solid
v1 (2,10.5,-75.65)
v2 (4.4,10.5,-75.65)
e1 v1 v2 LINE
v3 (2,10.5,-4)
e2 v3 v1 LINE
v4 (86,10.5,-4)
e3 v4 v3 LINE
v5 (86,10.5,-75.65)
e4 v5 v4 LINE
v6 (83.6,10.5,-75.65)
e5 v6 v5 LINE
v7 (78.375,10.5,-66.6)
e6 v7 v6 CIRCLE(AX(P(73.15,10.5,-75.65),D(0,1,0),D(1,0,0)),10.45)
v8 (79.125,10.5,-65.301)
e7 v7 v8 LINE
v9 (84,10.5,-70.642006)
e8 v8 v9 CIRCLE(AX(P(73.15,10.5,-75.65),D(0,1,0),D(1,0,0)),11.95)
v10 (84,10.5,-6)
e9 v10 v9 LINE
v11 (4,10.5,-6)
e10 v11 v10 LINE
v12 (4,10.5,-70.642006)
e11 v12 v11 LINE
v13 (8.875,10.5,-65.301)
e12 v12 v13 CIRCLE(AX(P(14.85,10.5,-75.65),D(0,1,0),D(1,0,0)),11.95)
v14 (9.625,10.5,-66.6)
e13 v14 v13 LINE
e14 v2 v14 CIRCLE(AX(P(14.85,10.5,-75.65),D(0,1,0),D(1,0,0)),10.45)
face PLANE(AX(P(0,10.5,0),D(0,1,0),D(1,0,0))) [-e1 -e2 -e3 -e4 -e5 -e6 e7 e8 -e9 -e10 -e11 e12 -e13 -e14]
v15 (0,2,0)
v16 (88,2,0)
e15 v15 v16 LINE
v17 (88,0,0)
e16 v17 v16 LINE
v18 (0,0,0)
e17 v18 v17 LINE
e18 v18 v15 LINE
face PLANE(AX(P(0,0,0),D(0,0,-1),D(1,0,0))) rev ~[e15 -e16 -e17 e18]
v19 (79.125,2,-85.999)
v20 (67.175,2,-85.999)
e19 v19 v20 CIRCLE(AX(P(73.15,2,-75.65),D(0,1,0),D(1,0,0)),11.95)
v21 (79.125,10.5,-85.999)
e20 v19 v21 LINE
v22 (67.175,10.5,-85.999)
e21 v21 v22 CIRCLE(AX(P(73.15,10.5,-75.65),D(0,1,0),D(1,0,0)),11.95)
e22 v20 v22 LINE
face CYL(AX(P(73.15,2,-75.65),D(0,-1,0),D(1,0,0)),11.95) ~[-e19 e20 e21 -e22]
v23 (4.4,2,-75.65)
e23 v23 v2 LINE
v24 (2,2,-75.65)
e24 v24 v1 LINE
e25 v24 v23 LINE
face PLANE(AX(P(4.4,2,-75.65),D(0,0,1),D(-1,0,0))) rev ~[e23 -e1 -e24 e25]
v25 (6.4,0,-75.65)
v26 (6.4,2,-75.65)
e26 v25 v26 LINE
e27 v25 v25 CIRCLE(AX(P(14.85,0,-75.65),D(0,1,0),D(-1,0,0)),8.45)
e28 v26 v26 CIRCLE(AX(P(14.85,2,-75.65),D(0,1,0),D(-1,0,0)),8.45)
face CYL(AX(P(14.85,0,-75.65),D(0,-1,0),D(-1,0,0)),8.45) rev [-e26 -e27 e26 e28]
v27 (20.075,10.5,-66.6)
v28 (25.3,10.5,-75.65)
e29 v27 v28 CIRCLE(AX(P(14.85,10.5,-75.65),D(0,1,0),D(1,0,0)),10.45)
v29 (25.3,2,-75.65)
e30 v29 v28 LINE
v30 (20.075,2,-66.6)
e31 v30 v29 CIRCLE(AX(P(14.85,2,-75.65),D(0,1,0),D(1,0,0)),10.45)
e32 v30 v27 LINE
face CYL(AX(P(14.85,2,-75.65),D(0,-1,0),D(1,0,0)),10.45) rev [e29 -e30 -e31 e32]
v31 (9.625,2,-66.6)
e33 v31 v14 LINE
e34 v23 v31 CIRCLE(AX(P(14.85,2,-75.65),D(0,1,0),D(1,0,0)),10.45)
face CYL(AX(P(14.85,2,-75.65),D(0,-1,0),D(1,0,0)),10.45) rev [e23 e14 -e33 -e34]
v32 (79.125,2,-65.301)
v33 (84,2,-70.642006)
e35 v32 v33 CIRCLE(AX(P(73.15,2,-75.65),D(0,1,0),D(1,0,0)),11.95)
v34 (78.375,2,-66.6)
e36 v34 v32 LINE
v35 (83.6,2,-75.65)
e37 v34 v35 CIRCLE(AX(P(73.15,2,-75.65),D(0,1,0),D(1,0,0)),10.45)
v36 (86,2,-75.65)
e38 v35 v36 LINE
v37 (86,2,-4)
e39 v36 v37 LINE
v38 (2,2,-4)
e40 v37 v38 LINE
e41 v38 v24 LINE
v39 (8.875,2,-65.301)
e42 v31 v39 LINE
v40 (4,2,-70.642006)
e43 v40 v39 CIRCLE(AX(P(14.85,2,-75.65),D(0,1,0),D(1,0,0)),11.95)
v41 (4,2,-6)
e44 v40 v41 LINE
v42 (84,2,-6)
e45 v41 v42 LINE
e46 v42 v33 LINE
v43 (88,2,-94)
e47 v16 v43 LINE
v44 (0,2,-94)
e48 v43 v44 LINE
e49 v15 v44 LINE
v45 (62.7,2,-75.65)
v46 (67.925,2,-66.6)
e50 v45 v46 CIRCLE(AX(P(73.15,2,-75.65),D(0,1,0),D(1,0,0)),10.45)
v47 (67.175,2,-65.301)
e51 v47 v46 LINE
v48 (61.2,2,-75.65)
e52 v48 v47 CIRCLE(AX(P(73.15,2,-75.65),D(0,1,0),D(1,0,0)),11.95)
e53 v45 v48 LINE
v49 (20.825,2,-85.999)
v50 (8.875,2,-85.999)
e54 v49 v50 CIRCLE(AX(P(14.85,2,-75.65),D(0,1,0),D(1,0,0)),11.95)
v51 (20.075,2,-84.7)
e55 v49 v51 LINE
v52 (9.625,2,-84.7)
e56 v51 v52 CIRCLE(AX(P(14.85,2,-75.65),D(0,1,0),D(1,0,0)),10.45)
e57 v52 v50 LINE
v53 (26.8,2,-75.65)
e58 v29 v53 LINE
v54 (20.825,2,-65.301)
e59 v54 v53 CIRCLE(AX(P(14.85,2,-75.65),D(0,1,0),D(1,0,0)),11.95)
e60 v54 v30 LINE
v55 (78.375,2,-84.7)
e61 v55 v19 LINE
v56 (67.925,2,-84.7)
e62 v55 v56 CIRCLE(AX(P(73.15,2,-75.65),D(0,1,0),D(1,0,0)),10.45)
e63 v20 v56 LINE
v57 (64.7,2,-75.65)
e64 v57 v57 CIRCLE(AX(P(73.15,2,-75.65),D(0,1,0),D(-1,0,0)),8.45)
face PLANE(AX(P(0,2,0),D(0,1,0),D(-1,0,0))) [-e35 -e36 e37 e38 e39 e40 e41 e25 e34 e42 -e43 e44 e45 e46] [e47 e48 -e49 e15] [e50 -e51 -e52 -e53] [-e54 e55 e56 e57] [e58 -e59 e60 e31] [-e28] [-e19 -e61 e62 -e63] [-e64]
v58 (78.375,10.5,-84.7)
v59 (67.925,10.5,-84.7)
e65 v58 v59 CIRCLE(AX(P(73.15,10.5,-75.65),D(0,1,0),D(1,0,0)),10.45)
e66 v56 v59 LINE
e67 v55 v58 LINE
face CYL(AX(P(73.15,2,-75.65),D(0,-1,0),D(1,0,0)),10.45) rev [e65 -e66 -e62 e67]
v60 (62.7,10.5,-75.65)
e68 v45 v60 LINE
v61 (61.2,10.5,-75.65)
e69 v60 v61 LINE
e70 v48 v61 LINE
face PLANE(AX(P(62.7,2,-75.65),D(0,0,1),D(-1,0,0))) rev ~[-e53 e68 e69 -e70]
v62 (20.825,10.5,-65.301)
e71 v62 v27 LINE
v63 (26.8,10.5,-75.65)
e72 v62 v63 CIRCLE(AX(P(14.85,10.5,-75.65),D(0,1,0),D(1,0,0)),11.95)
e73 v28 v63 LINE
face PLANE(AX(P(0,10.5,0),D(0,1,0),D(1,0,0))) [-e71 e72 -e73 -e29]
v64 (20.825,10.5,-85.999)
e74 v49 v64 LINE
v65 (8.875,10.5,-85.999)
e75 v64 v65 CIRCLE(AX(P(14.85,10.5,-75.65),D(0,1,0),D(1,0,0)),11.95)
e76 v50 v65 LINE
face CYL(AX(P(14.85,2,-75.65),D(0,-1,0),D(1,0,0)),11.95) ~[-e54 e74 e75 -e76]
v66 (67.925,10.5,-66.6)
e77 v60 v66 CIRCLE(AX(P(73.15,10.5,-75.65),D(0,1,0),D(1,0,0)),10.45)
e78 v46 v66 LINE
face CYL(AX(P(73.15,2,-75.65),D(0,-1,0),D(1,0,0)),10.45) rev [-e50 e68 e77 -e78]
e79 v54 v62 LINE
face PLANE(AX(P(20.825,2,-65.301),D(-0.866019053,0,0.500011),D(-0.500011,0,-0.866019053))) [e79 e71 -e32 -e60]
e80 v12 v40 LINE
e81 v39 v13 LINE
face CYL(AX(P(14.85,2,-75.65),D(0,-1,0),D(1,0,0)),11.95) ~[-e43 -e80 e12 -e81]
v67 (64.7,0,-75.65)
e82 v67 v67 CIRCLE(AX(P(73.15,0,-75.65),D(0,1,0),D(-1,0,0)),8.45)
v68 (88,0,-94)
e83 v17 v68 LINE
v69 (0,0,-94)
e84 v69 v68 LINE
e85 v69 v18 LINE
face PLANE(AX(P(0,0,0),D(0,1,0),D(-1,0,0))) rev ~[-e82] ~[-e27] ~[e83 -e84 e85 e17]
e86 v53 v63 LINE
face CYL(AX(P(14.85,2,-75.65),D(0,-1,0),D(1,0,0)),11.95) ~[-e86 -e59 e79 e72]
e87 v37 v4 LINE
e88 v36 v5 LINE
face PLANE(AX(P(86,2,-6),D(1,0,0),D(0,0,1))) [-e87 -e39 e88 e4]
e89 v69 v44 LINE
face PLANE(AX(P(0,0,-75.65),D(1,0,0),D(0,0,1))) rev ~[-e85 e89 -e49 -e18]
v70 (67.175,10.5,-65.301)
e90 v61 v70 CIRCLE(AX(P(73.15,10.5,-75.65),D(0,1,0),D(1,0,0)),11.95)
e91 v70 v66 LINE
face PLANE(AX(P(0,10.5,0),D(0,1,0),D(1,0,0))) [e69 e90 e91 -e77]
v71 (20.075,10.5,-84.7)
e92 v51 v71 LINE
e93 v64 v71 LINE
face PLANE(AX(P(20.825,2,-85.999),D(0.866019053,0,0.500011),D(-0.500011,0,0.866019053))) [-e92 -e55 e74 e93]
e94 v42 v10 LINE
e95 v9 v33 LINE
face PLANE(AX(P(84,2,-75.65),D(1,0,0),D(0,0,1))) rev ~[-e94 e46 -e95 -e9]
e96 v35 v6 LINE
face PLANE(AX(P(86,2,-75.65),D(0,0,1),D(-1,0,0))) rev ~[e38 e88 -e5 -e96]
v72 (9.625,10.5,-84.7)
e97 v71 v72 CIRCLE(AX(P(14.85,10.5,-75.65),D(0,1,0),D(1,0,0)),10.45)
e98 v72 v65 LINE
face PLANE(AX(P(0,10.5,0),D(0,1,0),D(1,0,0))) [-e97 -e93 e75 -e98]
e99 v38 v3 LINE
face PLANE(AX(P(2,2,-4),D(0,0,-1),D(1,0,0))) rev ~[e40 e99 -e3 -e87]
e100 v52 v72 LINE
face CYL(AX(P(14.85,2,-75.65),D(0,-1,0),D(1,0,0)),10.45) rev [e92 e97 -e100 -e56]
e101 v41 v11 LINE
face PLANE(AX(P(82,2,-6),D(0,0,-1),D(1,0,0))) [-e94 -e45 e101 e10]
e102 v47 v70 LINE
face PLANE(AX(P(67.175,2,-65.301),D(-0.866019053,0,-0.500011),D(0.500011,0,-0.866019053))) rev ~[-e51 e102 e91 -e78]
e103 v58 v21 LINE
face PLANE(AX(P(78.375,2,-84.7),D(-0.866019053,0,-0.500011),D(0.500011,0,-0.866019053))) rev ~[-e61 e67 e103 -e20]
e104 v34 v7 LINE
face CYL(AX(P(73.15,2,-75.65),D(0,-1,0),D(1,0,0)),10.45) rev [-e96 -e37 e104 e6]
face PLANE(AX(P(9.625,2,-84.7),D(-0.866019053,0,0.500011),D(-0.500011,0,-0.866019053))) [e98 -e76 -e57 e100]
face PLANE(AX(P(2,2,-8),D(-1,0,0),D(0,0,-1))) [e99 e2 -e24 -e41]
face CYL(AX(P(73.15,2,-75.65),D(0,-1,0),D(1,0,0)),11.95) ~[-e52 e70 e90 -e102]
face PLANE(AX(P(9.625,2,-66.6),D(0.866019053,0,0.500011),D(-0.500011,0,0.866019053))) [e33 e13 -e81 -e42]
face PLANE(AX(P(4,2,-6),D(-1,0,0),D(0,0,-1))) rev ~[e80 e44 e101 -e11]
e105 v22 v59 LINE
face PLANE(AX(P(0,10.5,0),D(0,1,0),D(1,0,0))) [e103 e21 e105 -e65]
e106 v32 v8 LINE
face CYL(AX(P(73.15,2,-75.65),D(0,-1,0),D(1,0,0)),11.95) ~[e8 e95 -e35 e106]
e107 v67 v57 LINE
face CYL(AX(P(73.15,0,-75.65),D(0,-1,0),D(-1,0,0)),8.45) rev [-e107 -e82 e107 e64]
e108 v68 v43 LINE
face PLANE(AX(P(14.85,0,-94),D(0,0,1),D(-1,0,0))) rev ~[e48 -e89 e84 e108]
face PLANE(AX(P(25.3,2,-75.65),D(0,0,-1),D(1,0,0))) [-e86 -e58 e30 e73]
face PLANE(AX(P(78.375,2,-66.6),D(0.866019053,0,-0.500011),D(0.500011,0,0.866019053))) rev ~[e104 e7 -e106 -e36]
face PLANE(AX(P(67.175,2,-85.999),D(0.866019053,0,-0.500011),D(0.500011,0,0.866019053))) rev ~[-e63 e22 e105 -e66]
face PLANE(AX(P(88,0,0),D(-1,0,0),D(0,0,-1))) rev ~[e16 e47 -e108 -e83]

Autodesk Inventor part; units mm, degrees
ref_plane "YZ Plane" through (0, 0, 0) normal (1, 0, 0) x (0, 1, 0)
ref_plane "XZ Plane" through (0, 0, 0) normal (0, 1, 0) x (-1, 0, 0)
ref_plane "XY Plane" through (0, 0, 0) normal (0, 0, 1) x (1, 0, 0)
sketch "Sketch1" plane through (0, 0, 0) normal (0, 1, 0) x (-1, 0, 0)
  line L0 (0, 0) -> (-88, 0)
  line L1 (-88, 0) -> (-88, -94)
  line L2 (-88, -94) -> (0, -94)
  line L3 (0, -94) -> (0, 0)
  line L4 (0, -94) -> (0, -75.65)
  line L5 (0, -94) -> (-14.85, -94)
  circle A0 centre (-14.85, -75.65) radius 8.45
  line L6 (-44, -88.9444) -> (-44, -54.2543) construction
  circle A1 centre (-73.15, -75.65) radius 8.45
  dimension "d0" = 88
  dimension "d1" = 94
  dimension "d2" = 18.35
  dimension "d3" = 14.85
  dimension "d4" = 16.9
  dimension "d48" = 16.9
extrude "Extrusion1" add sketch "Sketch1" along normal blind 2
sketch "Sketch3" plane through (0, 2, 0) normal (0, 1, 0) x (1, 0, 0)
  circle A0 centre (73.15, 75.65) radius 8.45 construction
  circle A1 centre (14.85, 75.65) radius 8.45 construction
  line L0 (0, 0) -> (4, 0) construction
  line L1 (4, 0) -> (4, 6) construction
  line L2 (4, 6) -> (0, 6) construction
  line L3 (0, 6) -> (0, 0) construction
  line L4 (88, 0) -> (84, 0) construction
  line L5 (84, 0) -> (84, 6) construction
  line L6 (84, 6) -> (88, 6) construction
  line L7 (88, 6) -> (88, 0) construction
  line L8 (4, 6) -> (2, 6) construction
  line L9 (2, 6) -> (2, 4) construction
  line L10 (2, 4) -> (4, 4) construction
  line L11 (4, 4) -> (4, 6) construction
  line L12 (2, 4) -> (6, 4)
  line L13 (6, 4) -> (6, 6)
  line L14 (6, 6) -> (2, 6)
  line L15 (2, 6) -> (2, 4)
  line L16 (2, 4) -> (4, 4)
  line L17 (4, 4) -> (4, 8)
  line L18 (4, 8) -> (2, 8)
  line L19 (2, 8) -> (2, 4)
  line L20 (86, 4) -> (82, 4)
  line L21 (82, 4) -> (82, 4)
  line L22 (82, 4) -> (86, 4)
  line L23 (86, 4) -> (86, 4)
  line L24 (86, 4) -> (84, 4)
  line L25 (84, 4) -> (84, 8)
  line L26 (84, 8) -> (86, 8)
  line L27 (86, 8) -> (86, 4)
  line L28 (44, 4.3599) -> (37, 4.3599) construction
  line L29 (88, -1) -> (0, -1) construction
  line L30 (37, -1) -> (51, -1) construction
  line L31 (51, -1) -> (51, 0) construction
  line L32 (51, 0) -> (37, 0) construction
  line L33 (37, 0) -> (37, -1) construction
  line L34 (37, -1) -> (51, -1)
  line L35 (51, -1) -> (51, 0)
  line L36 (51, 0) -> (37, 0)
  line L37 (37, 0) -> (37, -1)
  line L38 (0, 95) -> (88, 95) projected
  line L39 (37, 95) -> (51, 95)
  line L40 (51, 95) -> (51, 94)
  line L41 (51, 94) -> (37, 94)
  line L42 (37, 94) -> (37, 95)
  circle A2 centre (14.85, 75.65) radius 10.45
  circle A3 centre (14.85, 75.65) radius 11.95
  line L43 (14.85, 75.65) -> (26.8, 75.65) construction
  line L44 (14.85, 75.65) -> (20.825, 85.999) construction
  line L45 (14.85, 75.65) -> (8.875, 85.999) construction
  line L46 (14.85, 75.65) -> (2.9, 75.65) construction
  line L47 (14.85, 75.65) -> (8.875, 65.301) construction
  line L48 (14.85, 75.65) -> (20.825, 65.301) construction
  line L49 (9.625, 84.7) -> (8.875, 85.999) construction
  line L50 (9.625, 84.7) -> (8.875, 85.999)
  line L51 (20.825, 85.999) -> (20.075, 84.7)
  line L52 (25.3, 75.65) -> (26.8, 75.65)
  line L53 (20.825, 65.301) -> (20.075, 66.6)
  line L54 (9.625, 66.6) -> (8.875, 65.301)
  line L55 (4.4, 75.65) -> (2.9, 75.65)
  line L56 (44, 84.7433) -> (44, 74.6259) construction
  circle A4 centre (73.15, 75.65) radius 8.45 construction
  circle A5 centre (73.15, 75.65) radius 10.45
  circle A6 centre (73.15, 75.65) radius 11.95
  line L57 (73.15, 75.65) -> (61.2, 75.65) construction
  line L58 (73.15, 75.65) -> (67.175, 85.999) construction
  line L59 (73.15, 75.65) -> (79.125, 85.999) construction
  line L60 (73.15, 75.65) -> (85.1, 75.65) construction
  line L61 (73.15, 75.65) -> (79.125, 65.301) construction
  line L62 (73.15, 75.65) -> (67.175, 65.301) construction
  line L63 (78.375, 84.7) -> (79.125, 85.999) construction
  line L64 (78.375, 84.7) -> (79.125, 85.999)
  line L65 (67.175, 85.999) -> (67.925, 84.7)
  line L66 (62.7, 75.65) -> (61.2, 75.65)
  line L67 (67.175, 65.301) -> (67.925, 66.6)
  line L68 (78.375, 66.6) -> (79.125, 65.301)
  line L69 (83.6, 75.65) -> (85.1, 75.65)
  line L70 (86, 4) -> (82, 4)
  line L71 (82, 4) -> (82, 6)
  line L72 (82, 6) -> (86, 6)
  line L73 (86, 6) -> (86, 4)
  point P0 (2, 4)
  point P1 (4, 6)
  point P2 (84, 4)
  point P3 (67.175, 65.301)
  point P4 (79.125, 65.301)
  point P5 (2.9, 75.65)
  point P6 (8.875, 65.301)
  point P7 (20.825, 65.301)
  point P8 (84, 6)
  dimension "d11" = 4
  dimension "d12" = 6
  dimension "d13" = 4
  dimension "d14" = 6
  dimension "d15" = 2
  dimension "d16" = 2
  dimension "d17" = 4
  dimension "d18" = 4
  dimension "d19" = 4
  dimension "d20" = 2
  dimension "d21" = 4
  dimension "d22" = 7
  dimension "d23" = 14
  dimension "d24" = 14
  dimension "d25" = 1
  dimension "d26" = 2
  dimension "d27" = 1.5
  dimension "d30" = 360
extrude "Extrusion3" add sketch "Sketch3" along normal blind 8.5 contours L15 L14 L17 L12 | L17 L14 L13 L12 | L19 L18 L17 L14 | L20 L25 L72 L27 | L20 L71 L72 L25 | L72 L25 L26 L27 | L52 A3 L53 A2 | A2 L50 A3 L51 | L54 A3 L55 A2 | L69 A6 L68 A5 | A5 L65 A6 L64 | L67 A6 L66 A5
sketch "Sketch6" plane through (0, 2, 0) normal (0, 1, 0) x (1, 0, 0)
  arc A0 (78.375, 84.7) -> (67.925, 84.7) centre (73.15, 75.65) ccw construction
  line L0 (67.925, 84.7) -> (67.175, 85.999) construction
  arc A1 (79.125, 85.999) -> (67.175, 85.999) centre (73.15, 75.65) ccw construction
  line L1 (79.125, 85.999) -> (78.375, 84.7) construction
  line L2 (2, 8) -> (4, 8) construction
  line L3 (4, 8) -> (4, 6) construction
  line L4 (4, 6) -> (6, 6) construction
  line L5 (6, 6) -> (6, 4) construction
  line L6 (6, 4) -> (2, 4) construction
  line L7 (2, 4) -> (2, 8) construction
  line L8 (83.6, 75.65) -> (85.1, 75.65) construction
  arc A2 (79.125, 65.301) -> (85.1, 75.65) centre (73.15, 75.65) ccw construction
  line L9 (79.125, 65.301) -> (78.375, 66.6) construction
  arc A3 (78.375, 66.6) -> (83.6, 75.65) centre (73.15, 75.65) ccw construction
  line L10 (20.825, 85.999) -> (20.075, 84.7) construction
  arc A4 (20.075, 84.7) -> (9.625, 84.7) centre (14.85, 75.65) ccw construction
  line L11 (9.625, 84.7) -> (8.875, 85.999) construction
  arc A5 (20.825, 85.999) -> (8.875, 85.999) centre (14.85, 75.65) ccw construction
  line L12 (2.9, 75.65) -> (4.4, 75.65) construction
  arc A6 (4.4, 75.65) -> (9.625, 66.6) centre (14.85, 75.65) ccw construction
  line L13 (9.625, 66.6) -> (8.875, 65.301) construction
  arc A7 (2.9, 75.65) -> (8.875, 65.301) centre (14.85, 75.65) ccw construction
  line L14 (86, 8) -> (86, 4) construction
  line L15 (86, 4) -> (82, 4) construction
  line L16 (82, 4) -> (82, 6) construction
  line L17 (82, 6) -> (84, 6) construction
  line L18 (84, 6) -> (84, 8) construction
  line L19 (84, 8) -> (86, 8) construction
  arc A8 (62.7, 75.65) -> (67.925, 66.6) centre (73.15, 75.65) ccw construction
  line L20 (67.925, 66.6) -> (67.175, 65.301) construction
  arc A9 (61.2, 75.65) -> (67.175, 65.301) centre (73.15, 75.65) ccw construction
  line L21 (61.2, 75.65) -> (62.7, 75.65) construction
  line L22 (25.3, 75.65) -> (26.8, 75.65) construction
  arc A10 (20.825, 65.301) -> (26.8, 75.65) centre (14.85, 75.65) ccw construction
  line L23 (20.825, 65.301) -> (20.075, 66.6) construction
  arc A11 (20.075, 66.6) -> (25.3, 75.65) centre (14.85, 75.65) ccw construction
  line L24 (88, 94) -> (0, 94) construction
  line L25 (0, 94) -> (0, 0) construction
  line L26 (0, 0) -> (88, 0) construction
  line L27 (88, 0) -> (88, 94) construction
  circle A12 centre (73.15, 75.65) radius 8.45 construction
  circle A13 centre (14.85, 75.65) radius 8.45 construction
  line L28 (6, 4) -> (82, 4) construction
  line L29 (82, 4) -> (82, 6) construction
  line L30 (82, 6) -> (6, 6) construction
  line L31 (6, 6) -> (6, 4) construction
  line L32 (86, 8) -> (84, 8) construction
  line L33 (84, 8) -> (84, 75.65) construction
  line L34 (84, 75.65) -> (86, 75.65) construction
  line L35 (86, 75.65) -> (86, 8) construction
  line L36 (2, 8) -> (4, 8) construction
  line L37 (4, 8) -> (4, 75.65) construction
  line L38 (4, 75.65) -> (2, 75.65) construction
  line L39 (2, 75.65) -> (2, 8) construction
  line L40 (2, 75.65) -> (4, 75.65)
  line L41 (4, 75.65) -> (4, 8)
  line L42 (4, 8) -> (2, 8)
  line L43 (2, 8) -> (2, 75.65)
  line L44 (6, 6) -> (82, 6)
  line L45 (82, 6) -> (82, 4)
  line L46 (82, 4) -> (6, 4)
  line L47 (6, 4) -> (6, 6)
  line L48 (84, 8) -> (86, 8)
  line L49 (86, 8) -> (86, 75.65)
  line L50 (86, 75.65) -> (84, 75.65)
  line L51 (84, 75.65) -> (84, 8)
  dimension "d44" = 2
  dimension "d45" = 2
extrude "Extrusion6" add sketch "Sketch6" along normal blind 8.5
properties part number "case_v1.1"
